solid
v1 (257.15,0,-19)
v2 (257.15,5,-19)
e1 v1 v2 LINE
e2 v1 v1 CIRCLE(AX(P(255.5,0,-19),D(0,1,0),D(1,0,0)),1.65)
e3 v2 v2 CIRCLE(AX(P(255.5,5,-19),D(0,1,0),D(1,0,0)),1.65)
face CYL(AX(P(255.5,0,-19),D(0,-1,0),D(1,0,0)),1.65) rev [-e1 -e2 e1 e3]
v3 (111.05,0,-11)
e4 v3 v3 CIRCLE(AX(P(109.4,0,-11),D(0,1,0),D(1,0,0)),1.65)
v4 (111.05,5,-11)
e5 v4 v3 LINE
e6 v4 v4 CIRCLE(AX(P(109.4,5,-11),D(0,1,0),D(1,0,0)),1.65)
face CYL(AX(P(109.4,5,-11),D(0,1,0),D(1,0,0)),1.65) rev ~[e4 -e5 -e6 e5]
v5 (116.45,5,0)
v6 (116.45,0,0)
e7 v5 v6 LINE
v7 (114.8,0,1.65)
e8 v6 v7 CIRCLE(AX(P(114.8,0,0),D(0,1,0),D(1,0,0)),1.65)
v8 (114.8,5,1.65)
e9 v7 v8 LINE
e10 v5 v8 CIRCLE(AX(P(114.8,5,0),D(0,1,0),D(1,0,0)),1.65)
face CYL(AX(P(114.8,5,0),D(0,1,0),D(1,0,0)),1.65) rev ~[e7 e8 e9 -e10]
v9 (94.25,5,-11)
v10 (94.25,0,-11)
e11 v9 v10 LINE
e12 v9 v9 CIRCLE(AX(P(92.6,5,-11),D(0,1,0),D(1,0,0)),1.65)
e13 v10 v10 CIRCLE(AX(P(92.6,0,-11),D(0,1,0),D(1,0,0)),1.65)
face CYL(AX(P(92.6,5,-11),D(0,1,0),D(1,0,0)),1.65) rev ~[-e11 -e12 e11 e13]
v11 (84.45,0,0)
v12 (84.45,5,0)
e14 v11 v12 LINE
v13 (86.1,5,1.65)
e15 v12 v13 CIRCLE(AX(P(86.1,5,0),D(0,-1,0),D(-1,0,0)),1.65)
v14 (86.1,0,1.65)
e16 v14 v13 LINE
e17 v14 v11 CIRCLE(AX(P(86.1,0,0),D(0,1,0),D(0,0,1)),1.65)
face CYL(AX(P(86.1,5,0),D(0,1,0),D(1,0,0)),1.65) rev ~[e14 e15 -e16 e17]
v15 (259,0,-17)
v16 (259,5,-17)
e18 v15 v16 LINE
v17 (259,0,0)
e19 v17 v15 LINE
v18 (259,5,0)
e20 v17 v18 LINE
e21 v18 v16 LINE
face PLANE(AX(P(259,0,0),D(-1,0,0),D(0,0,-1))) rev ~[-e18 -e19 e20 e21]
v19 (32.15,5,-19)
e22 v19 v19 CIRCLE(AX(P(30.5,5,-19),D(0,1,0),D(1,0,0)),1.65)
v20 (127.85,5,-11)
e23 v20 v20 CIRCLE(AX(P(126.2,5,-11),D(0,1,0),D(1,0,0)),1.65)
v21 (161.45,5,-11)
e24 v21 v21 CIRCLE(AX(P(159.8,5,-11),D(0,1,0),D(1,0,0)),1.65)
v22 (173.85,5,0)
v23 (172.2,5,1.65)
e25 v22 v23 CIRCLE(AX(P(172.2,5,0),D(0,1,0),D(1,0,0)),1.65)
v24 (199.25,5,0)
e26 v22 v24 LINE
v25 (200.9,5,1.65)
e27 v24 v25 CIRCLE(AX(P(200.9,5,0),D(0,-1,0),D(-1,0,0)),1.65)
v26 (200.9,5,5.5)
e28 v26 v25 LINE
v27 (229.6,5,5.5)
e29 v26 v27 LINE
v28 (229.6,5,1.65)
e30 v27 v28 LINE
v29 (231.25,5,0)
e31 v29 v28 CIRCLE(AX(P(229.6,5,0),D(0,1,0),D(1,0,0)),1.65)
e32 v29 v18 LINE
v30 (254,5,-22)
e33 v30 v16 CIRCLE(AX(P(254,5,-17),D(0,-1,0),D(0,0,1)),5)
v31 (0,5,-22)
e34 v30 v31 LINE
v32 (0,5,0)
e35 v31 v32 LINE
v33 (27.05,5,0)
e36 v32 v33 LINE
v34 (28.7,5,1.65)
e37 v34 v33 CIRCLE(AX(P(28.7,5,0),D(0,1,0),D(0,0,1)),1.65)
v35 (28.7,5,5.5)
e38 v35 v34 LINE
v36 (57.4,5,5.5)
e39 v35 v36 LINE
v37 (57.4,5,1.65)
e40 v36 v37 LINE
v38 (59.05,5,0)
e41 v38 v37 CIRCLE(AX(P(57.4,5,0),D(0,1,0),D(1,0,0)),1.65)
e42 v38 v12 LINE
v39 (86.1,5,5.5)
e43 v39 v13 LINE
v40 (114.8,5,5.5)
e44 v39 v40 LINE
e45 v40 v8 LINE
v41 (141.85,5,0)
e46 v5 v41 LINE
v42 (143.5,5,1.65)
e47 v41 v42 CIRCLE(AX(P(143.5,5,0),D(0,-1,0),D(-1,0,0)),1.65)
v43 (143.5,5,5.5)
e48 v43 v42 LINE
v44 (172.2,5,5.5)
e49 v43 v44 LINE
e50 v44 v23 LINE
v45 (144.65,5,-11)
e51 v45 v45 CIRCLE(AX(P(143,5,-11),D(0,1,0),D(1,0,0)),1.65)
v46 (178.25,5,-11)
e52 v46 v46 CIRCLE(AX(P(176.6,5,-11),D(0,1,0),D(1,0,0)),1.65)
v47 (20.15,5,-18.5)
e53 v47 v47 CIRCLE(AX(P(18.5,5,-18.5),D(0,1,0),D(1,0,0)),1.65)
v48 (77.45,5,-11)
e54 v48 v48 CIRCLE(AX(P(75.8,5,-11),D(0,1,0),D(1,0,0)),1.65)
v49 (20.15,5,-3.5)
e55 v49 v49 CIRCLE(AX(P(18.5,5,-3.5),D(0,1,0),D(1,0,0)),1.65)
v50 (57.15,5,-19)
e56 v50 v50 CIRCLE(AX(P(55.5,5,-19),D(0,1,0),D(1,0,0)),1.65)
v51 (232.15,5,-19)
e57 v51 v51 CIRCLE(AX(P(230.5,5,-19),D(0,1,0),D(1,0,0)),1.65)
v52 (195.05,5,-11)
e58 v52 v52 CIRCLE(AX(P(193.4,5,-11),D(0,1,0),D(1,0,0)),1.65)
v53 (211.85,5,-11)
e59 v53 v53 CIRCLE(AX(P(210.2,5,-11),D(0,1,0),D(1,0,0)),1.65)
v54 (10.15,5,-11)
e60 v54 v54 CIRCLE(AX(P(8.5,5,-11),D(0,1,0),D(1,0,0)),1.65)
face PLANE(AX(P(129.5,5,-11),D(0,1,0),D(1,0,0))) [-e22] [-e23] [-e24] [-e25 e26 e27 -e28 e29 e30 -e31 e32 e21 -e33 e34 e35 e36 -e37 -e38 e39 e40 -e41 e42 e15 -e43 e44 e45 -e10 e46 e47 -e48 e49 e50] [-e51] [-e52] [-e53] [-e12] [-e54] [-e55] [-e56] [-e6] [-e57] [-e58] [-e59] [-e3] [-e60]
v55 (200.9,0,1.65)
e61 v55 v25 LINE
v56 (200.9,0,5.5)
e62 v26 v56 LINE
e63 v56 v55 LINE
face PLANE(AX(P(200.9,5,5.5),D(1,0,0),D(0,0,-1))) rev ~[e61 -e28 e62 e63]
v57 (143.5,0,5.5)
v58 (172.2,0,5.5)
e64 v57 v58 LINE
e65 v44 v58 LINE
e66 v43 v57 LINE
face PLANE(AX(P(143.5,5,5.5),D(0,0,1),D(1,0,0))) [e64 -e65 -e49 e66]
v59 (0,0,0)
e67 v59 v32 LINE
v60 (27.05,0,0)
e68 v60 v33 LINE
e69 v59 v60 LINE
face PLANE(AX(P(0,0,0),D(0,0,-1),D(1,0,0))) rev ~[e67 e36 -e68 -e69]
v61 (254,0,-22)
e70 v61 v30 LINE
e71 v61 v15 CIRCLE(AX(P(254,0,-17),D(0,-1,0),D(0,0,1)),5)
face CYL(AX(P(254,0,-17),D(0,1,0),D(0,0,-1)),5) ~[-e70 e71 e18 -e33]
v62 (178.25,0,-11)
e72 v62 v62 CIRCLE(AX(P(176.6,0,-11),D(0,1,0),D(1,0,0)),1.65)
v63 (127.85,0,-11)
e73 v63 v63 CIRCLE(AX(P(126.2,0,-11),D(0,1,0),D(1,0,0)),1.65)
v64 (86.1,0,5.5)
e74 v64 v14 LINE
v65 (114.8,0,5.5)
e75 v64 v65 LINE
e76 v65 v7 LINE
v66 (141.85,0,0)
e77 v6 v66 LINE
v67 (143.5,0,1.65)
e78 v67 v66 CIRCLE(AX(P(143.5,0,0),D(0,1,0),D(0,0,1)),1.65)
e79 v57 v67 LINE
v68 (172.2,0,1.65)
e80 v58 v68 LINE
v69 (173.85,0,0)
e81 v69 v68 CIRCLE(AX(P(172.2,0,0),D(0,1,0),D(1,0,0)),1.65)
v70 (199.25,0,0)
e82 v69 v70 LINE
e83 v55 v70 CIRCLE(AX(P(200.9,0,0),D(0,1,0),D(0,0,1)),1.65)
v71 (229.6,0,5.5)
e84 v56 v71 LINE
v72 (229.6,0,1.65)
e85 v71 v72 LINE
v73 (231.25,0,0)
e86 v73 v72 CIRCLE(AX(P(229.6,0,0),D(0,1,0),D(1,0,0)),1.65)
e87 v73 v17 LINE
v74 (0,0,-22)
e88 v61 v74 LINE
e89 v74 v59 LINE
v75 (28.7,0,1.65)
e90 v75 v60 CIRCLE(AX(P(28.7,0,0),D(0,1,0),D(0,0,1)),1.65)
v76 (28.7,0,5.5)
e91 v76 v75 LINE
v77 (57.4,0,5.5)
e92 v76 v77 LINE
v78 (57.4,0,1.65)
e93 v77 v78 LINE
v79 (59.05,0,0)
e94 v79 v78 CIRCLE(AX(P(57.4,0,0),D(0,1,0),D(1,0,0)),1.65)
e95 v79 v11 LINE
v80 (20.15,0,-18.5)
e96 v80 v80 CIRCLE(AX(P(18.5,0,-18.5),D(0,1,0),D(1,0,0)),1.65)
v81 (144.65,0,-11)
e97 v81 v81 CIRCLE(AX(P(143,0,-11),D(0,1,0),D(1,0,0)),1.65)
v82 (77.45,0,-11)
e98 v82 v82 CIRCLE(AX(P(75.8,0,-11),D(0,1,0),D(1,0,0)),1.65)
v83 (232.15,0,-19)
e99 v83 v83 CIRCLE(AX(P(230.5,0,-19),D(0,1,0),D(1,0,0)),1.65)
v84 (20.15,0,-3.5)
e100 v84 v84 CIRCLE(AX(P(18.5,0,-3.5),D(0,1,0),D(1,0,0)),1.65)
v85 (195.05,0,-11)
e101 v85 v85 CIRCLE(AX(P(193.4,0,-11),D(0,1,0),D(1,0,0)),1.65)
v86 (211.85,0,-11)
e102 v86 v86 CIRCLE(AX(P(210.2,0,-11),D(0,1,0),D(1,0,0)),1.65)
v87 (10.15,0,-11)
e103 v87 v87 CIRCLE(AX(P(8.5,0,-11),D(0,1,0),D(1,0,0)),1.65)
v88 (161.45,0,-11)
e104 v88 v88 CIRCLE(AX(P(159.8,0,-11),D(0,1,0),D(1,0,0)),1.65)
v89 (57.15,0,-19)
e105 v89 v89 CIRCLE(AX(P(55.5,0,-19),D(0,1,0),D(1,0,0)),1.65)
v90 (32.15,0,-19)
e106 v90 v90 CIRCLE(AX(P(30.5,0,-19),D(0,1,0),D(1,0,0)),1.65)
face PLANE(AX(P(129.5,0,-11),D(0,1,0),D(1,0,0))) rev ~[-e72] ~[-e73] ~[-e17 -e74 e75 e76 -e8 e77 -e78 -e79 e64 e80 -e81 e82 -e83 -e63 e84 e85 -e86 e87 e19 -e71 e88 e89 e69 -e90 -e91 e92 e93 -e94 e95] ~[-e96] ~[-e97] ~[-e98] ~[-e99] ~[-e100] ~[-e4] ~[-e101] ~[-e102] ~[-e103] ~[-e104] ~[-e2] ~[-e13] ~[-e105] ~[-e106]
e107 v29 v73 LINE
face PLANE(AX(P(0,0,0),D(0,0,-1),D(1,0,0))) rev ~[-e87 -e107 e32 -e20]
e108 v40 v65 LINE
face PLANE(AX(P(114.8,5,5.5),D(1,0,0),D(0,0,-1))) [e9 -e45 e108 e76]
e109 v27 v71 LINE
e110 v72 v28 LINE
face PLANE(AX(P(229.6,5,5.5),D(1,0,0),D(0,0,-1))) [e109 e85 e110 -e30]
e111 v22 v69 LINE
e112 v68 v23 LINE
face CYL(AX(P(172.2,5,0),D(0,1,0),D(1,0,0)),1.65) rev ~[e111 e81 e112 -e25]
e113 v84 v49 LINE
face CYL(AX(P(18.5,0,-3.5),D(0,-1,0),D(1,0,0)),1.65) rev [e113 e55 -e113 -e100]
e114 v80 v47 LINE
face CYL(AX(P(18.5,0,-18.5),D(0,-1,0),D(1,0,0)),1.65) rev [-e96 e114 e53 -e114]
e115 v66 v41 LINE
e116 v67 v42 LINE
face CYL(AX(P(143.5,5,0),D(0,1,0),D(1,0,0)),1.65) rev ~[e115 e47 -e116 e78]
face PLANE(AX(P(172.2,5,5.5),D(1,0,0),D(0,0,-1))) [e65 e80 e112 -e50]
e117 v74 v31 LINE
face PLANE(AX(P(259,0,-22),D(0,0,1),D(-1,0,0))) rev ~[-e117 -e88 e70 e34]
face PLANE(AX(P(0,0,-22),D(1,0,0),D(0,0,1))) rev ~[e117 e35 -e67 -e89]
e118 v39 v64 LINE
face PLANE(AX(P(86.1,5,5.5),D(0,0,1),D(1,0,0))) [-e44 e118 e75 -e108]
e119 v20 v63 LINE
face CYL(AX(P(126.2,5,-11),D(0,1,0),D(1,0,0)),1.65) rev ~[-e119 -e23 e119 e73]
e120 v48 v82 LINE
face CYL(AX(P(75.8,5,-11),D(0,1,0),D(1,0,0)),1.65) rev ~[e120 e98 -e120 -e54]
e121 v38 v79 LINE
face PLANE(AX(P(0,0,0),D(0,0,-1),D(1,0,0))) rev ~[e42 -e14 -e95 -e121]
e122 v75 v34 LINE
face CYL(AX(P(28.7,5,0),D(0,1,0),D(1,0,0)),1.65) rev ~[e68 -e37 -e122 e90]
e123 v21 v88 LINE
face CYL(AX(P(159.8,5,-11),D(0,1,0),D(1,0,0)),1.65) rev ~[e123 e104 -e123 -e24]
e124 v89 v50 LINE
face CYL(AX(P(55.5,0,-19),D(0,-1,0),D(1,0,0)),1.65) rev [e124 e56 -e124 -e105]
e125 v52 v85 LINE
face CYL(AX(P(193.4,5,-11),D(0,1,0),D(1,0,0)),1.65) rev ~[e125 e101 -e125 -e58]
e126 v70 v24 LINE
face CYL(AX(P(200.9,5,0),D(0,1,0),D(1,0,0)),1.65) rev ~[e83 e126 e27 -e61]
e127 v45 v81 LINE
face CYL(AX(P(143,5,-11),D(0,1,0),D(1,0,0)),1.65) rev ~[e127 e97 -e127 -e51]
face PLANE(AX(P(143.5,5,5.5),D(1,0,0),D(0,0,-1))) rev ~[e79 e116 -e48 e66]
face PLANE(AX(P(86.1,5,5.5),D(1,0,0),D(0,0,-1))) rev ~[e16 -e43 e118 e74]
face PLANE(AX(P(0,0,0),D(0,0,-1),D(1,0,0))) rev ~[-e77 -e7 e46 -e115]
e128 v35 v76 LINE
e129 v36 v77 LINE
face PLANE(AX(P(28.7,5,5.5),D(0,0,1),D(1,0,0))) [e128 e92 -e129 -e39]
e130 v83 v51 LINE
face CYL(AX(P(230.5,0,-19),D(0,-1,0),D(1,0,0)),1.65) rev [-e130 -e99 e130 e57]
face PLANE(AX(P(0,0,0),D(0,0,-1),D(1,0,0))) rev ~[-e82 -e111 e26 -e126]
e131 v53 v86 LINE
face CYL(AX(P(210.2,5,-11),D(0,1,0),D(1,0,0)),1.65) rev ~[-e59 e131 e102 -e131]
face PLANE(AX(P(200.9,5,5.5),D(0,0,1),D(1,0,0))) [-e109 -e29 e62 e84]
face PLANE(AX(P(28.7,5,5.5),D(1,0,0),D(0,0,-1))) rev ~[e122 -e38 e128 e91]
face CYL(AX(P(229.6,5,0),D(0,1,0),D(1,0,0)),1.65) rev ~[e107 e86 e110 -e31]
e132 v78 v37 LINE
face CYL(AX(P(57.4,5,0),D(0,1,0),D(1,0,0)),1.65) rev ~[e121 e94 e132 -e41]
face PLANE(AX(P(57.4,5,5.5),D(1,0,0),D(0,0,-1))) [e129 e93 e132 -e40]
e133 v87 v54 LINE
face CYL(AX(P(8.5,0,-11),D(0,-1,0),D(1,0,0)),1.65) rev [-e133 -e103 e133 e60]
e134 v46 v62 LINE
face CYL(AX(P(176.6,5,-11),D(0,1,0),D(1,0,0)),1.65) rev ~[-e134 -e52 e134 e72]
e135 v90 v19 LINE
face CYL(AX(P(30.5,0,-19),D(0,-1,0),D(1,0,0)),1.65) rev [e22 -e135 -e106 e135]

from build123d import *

# Parameters (mm, degrees)
SKETCH1_R           = 1.65
BOSS_EXTRUDE1_DEPTH = 5
SKETCH4_W           = 28.7
SKETCH4_H           = 5.5
BOSS_EXTRUDE3_DEPTH = 5
SKETCH5_R           = 1.65
CUT_EXTRUDE2_DEPTH  = 6
SKETCH6_R           = 1.65
CUT_EXTRUDE3_DEPTH  = 6
FILLET1_R           = 5


with BuildPart() as part:
    # Sketch1 → Boss-Extrude1 (new body)
    with BuildSketch(Plane(origin=(0, 0, 0), x_dir=(1, 0, 0), z_dir=(0, 1, 0))):
        Polygon((0, 0), (227, 0), (259, 0), (259, 22), (227, 22), (0, 22), align=None)
        with Locations((230.5, 19)):
            Circle(SKETCH1_R, mode=Mode.SUBTRACT)
        with Locations((255.5, 19)):
            Circle(SKETCH1_R, mode=Mode.SUBTRACT)
        with Locations((30.5, 19)):
            Circle(SKETCH1_R, mode=Mode.SUBTRACT)
        with Locations((55.5, 19)):
            Circle(SKETCH1_R, mode=Mode.SUBTRACT)
        with Locations((8.5, 11)):
            Circle(SKETCH1_R, mode=Mode.SUBTRACT)
        with Locations((18.5, 18.5)):
            Circle(SKETCH1_R, mode=Mode.SUBTRACT)
        with Locations((18.5, 3.5)):
            Circle(SKETCH1_R, mode=Mode.SUBTRACT)
    extrude(amount=BOSS_EXTRUDE1_DEPTH)

    # Sketch4 → Boss-Extrude3 (add)
    with BuildSketch(Plane(origin=(0, 5, 0), x_dir=(1, 0, 0), z_dir=(0, 1, 0))):
        with Locations((43.05, -2.75)):
            Rectangle(SKETCH4_W, SKETCH4_H)
        with Locations((100.45, -2.75)):
            Rectangle(SKETCH4_W, SKETCH4_H)
        with Locations((157.85, -2.75)):
            Rectangle(SKETCH4_W, SKETCH4_H)
        with Locations((215.25, -2.75)):
            Rectangle(SKETCH4_W, SKETCH4_H)
    extrude(amount=-BOSS_EXTRUDE3_DEPTH)

    # Sketch5 → Cut-Extrude2 (cut, through all)
    with BuildSketch(Plane(origin=(0, 5, 0), x_dir=(1, 0, 0), z_dir=(0, 1, 0))):
        with Locations((28.7, 0)):
            Circle(SKETCH5_R)
        with Locations((57.4, 0)):
            Circle(SKETCH5_R)
        with Locations((86.1, 0)):
            Circle(SKETCH5_R)
        with Locations((114.8, 0)):
            Circle(SKETCH5_R)
        with Locations((143.5, 0)):
            Circle(SKETCH5_R)
        with Locations((172.2, 0)):
            Circle(SKETCH5_R)
        with Locations((200.9, 0)):
            Circle(SKETCH5_R)
        with Locations((229.6, 0)):
            Circle(SKETCH5_R)
    extrude(amount=-CUT_EXTRUDE2_DEPTH, mode=Mode.SUBTRACT)

    # Sketch6 → Cut-Extrude3 (cut, through all)
    with BuildSketch(Plane(origin=(0, 5, 0), x_dir=(1, 0, 0), z_dir=(0, 1, 0))):
        with Locations((75.8, 11)):
            Circle(SKETCH6_R)
        with Locations((92.6, 11)):
            Circle(SKETCH6_R)
        with Locations((109.4, 11)):
            Circle(SKETCH6_R)
        with Locations((126.2, 11)):
            Circle(SKETCH6_R)
        with Locations((143, 11)):
            Circle(SKETCH6_R)
        with Locations((159.8, 11)):
            Circle(SKETCH6_R)
        with Locations((176.6, 11)):
            Circle(SKETCH6_R)
        with Locations((193.4, 11)):
            Circle(SKETCH6_R)
        with Locations((210.2, 11)):
            Circle(SKETCH6_R)
    extrude(amount=-CUT_EXTRUDE3_DEPTH, mode=Mode.SUBTRACT)

    # Fillet1
    fillet1_edges = [part.edges().sort_by_distance(p)[0] for p in [
        (259, 2.5, -22),
    ]]
    fillet(fillet1_edges, radius=FILLET1_R)


solid = part.part
